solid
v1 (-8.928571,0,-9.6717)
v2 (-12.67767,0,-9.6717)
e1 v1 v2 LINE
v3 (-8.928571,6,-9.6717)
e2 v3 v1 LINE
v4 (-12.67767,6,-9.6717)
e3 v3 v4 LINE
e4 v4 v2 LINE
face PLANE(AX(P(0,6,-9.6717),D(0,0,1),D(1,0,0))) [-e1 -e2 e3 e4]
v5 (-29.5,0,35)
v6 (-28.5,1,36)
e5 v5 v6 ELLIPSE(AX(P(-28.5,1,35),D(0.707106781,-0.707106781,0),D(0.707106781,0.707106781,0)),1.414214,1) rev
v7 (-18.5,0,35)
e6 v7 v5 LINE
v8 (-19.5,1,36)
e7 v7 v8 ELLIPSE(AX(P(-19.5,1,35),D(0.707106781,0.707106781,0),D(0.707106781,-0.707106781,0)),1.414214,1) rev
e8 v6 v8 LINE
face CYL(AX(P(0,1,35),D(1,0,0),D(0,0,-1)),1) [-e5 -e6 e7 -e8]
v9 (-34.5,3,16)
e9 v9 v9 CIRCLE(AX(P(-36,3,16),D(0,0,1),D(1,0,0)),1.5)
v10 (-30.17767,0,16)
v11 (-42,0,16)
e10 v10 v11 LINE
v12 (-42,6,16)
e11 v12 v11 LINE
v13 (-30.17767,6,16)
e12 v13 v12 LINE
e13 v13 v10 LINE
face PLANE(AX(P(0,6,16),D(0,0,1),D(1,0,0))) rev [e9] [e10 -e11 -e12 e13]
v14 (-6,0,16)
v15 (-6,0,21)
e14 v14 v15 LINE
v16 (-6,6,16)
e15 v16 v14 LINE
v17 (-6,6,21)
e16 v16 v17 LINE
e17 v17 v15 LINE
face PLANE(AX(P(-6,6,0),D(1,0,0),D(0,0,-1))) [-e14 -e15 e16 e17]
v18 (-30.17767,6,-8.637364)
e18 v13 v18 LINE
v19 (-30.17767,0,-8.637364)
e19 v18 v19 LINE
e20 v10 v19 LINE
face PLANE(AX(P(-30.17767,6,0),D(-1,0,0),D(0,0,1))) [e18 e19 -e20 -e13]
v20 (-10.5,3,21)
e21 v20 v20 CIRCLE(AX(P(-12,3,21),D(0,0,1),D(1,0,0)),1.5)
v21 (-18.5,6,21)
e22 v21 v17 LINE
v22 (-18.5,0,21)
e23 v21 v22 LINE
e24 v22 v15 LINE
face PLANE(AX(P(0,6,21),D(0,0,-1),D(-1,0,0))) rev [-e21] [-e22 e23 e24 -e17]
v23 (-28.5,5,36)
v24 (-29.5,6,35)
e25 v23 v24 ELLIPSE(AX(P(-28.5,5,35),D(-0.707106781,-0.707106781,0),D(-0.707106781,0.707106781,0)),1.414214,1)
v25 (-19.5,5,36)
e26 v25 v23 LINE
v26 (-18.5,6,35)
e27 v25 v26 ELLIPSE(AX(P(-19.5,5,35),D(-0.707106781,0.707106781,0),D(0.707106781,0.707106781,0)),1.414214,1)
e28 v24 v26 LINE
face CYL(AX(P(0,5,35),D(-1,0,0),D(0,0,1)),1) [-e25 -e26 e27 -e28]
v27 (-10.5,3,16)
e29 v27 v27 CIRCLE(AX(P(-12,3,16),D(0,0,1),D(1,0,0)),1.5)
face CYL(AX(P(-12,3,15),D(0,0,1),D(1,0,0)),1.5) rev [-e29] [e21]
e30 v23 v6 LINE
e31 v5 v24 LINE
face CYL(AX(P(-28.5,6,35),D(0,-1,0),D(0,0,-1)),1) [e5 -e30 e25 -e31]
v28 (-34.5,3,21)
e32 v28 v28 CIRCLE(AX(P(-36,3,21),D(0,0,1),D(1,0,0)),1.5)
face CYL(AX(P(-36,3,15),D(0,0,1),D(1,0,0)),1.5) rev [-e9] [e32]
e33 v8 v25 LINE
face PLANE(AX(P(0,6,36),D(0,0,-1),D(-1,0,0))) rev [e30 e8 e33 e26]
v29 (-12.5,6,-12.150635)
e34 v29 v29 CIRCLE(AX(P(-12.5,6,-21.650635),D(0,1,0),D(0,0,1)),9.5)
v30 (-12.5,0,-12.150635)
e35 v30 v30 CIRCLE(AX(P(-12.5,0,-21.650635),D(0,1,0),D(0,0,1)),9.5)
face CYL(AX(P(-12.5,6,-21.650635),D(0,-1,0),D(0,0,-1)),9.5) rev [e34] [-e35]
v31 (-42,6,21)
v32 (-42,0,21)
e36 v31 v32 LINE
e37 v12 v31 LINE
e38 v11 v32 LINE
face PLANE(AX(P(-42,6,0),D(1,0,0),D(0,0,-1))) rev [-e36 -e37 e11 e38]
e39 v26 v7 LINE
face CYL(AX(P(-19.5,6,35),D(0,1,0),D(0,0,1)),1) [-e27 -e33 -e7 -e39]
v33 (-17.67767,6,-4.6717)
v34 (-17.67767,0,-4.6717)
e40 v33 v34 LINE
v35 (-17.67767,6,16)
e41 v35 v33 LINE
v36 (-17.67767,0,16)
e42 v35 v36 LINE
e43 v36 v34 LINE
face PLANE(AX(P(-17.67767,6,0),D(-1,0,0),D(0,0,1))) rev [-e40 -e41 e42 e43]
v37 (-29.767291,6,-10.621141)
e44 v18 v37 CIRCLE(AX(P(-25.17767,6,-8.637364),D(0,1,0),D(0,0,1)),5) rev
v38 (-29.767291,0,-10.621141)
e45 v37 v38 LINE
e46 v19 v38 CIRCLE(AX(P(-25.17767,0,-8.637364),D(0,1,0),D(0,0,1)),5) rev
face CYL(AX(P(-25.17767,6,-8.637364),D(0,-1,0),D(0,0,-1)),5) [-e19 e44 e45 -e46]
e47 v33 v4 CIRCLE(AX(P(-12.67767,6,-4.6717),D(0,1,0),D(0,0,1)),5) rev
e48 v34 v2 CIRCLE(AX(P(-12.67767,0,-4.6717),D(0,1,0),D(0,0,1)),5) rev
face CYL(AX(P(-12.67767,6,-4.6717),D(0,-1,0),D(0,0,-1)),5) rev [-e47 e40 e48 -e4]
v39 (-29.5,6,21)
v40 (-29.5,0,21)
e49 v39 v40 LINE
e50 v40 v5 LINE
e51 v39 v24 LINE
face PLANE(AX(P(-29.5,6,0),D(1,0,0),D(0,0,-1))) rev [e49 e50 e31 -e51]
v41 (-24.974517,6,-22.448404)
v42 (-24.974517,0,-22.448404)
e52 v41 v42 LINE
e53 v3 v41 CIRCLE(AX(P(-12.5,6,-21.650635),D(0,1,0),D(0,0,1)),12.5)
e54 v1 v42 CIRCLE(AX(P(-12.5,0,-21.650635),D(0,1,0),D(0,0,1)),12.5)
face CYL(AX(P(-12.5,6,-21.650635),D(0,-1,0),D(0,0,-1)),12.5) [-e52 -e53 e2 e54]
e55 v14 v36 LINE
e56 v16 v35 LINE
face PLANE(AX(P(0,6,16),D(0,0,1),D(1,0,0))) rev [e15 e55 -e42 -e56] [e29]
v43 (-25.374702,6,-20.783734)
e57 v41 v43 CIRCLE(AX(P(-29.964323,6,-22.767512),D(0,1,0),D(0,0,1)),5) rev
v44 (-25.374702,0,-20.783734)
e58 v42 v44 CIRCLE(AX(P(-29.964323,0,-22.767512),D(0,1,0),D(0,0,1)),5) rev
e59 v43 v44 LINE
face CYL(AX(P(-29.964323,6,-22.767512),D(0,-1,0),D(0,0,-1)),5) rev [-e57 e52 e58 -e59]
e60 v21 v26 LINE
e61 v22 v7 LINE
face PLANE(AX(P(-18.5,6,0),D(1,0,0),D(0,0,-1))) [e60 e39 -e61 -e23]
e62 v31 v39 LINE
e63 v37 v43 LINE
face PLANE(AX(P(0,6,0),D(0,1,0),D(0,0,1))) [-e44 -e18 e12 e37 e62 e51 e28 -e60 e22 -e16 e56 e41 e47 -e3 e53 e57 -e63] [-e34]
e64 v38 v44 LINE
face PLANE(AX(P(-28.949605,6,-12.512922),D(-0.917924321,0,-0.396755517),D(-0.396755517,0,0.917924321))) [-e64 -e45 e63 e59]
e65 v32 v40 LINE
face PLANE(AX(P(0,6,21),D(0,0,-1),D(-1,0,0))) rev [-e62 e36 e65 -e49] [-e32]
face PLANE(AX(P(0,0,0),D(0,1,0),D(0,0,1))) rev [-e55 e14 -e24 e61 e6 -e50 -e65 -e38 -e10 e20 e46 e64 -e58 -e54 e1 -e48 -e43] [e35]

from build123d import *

# Parameters (mm, degrees)
CROQUIS1_R              = 9.5
SALIENTE_EXTRUIR1_DEPTH = 6
CROQUIS2_R              = 1.5
CORTAR_EXTRUIR1_DEPTH   = 6
REDONDEO1_R             = 1


with BuildPart() as part:
    # Croquis1 → Saliente-Extruir1 (new body)
    with BuildSketch(Plane(origin=(0, 0, 0), x_dir=(1, 0, 0), z_dir=(0, 1, 0))):
        with BuildLine():
            Line((-25.374701647, 20.783734094), (-29.767291136, 10.621141392))
            ThreePointArc((-29.767291136, 10.621141392), (-29.942112128, 10.153967486), (-30.069514751, 9.671699501))
            ThreePointArc((-30.069514751, 9.671699501), (-30.150557328, 9.157351254), (-30.17766953, 8.637363805))
            Line((-30.17766953, 8.637363805), (-30.17766953, -16))
            Line((-30.17766953, -16), (-42, -16))
            Line((-42, -16), (-42, -21))
            Line((-42, -21), (-29.5, -21))
            Line((-29.5, -21), (-29.5, -36))
            Line((-29.5, -36), (-18.5, -36))
            Line((-18.5, -36), (-18.5, -21))
            Line((-18.5, -21), (-6, -21))
            Line((-6, -21), (-6, -16))
            Line((-6, -16), (-17.67766953, -16))
            Line((-17.67766953, -16), (-17.67766953, 4.671699501))
            ThreePointArc((-17.67766953, 4.671699501), (-16.213203436, 8.207233407), (-12.67766953, 9.671699501))
            Line((-12.67766953, 9.671699501), (-8.928571429, 9.671699501))
            ThreePointArc((-8.928571429, 9.671699501), (-4.713647249, 31.429321655), (-24.974516609, 22.448404084))
            ThreePointArc((-24.974516609, 22.448404084), (-25.102827296, 21.598812807), (-25.374701647, 20.783734094))
        make_face()
        with Locations(Location((-12.5, 21.650635095, 0), (0, 0, 270))):
            Circle(CROQUIS1_R, mode=Mode.SUBTRACT)
    extrude(amount=SALIENTE_EXTRUIR1_DEPTH)

    # Croquis2 → Cortar-Extruir1 (cut)
    with BuildSketch(Plane.XY.offset(21)):
        with Locations((-36, 3)):
            Circle(CROQUIS2_R)
        with Locations((-12, 3)):
            Circle(CROQUIS2_R)
    extrude(amount=-CORTAR_EXTRUIR1_DEPTH, mode=Mode.SUBTRACT)

    # Redondeo1
    redondeo1_edges = [part.edges().sort_by_distance(p)[0] for p in [
        (-24, 0, 36),
        (-18.5, 3, 36),
        (-29.5, 3, 36),
        (-24, 6, 36),
    ]]
    fillet(redondeo1_edges, radius=REDONDEO1_R)


solid = part.part
